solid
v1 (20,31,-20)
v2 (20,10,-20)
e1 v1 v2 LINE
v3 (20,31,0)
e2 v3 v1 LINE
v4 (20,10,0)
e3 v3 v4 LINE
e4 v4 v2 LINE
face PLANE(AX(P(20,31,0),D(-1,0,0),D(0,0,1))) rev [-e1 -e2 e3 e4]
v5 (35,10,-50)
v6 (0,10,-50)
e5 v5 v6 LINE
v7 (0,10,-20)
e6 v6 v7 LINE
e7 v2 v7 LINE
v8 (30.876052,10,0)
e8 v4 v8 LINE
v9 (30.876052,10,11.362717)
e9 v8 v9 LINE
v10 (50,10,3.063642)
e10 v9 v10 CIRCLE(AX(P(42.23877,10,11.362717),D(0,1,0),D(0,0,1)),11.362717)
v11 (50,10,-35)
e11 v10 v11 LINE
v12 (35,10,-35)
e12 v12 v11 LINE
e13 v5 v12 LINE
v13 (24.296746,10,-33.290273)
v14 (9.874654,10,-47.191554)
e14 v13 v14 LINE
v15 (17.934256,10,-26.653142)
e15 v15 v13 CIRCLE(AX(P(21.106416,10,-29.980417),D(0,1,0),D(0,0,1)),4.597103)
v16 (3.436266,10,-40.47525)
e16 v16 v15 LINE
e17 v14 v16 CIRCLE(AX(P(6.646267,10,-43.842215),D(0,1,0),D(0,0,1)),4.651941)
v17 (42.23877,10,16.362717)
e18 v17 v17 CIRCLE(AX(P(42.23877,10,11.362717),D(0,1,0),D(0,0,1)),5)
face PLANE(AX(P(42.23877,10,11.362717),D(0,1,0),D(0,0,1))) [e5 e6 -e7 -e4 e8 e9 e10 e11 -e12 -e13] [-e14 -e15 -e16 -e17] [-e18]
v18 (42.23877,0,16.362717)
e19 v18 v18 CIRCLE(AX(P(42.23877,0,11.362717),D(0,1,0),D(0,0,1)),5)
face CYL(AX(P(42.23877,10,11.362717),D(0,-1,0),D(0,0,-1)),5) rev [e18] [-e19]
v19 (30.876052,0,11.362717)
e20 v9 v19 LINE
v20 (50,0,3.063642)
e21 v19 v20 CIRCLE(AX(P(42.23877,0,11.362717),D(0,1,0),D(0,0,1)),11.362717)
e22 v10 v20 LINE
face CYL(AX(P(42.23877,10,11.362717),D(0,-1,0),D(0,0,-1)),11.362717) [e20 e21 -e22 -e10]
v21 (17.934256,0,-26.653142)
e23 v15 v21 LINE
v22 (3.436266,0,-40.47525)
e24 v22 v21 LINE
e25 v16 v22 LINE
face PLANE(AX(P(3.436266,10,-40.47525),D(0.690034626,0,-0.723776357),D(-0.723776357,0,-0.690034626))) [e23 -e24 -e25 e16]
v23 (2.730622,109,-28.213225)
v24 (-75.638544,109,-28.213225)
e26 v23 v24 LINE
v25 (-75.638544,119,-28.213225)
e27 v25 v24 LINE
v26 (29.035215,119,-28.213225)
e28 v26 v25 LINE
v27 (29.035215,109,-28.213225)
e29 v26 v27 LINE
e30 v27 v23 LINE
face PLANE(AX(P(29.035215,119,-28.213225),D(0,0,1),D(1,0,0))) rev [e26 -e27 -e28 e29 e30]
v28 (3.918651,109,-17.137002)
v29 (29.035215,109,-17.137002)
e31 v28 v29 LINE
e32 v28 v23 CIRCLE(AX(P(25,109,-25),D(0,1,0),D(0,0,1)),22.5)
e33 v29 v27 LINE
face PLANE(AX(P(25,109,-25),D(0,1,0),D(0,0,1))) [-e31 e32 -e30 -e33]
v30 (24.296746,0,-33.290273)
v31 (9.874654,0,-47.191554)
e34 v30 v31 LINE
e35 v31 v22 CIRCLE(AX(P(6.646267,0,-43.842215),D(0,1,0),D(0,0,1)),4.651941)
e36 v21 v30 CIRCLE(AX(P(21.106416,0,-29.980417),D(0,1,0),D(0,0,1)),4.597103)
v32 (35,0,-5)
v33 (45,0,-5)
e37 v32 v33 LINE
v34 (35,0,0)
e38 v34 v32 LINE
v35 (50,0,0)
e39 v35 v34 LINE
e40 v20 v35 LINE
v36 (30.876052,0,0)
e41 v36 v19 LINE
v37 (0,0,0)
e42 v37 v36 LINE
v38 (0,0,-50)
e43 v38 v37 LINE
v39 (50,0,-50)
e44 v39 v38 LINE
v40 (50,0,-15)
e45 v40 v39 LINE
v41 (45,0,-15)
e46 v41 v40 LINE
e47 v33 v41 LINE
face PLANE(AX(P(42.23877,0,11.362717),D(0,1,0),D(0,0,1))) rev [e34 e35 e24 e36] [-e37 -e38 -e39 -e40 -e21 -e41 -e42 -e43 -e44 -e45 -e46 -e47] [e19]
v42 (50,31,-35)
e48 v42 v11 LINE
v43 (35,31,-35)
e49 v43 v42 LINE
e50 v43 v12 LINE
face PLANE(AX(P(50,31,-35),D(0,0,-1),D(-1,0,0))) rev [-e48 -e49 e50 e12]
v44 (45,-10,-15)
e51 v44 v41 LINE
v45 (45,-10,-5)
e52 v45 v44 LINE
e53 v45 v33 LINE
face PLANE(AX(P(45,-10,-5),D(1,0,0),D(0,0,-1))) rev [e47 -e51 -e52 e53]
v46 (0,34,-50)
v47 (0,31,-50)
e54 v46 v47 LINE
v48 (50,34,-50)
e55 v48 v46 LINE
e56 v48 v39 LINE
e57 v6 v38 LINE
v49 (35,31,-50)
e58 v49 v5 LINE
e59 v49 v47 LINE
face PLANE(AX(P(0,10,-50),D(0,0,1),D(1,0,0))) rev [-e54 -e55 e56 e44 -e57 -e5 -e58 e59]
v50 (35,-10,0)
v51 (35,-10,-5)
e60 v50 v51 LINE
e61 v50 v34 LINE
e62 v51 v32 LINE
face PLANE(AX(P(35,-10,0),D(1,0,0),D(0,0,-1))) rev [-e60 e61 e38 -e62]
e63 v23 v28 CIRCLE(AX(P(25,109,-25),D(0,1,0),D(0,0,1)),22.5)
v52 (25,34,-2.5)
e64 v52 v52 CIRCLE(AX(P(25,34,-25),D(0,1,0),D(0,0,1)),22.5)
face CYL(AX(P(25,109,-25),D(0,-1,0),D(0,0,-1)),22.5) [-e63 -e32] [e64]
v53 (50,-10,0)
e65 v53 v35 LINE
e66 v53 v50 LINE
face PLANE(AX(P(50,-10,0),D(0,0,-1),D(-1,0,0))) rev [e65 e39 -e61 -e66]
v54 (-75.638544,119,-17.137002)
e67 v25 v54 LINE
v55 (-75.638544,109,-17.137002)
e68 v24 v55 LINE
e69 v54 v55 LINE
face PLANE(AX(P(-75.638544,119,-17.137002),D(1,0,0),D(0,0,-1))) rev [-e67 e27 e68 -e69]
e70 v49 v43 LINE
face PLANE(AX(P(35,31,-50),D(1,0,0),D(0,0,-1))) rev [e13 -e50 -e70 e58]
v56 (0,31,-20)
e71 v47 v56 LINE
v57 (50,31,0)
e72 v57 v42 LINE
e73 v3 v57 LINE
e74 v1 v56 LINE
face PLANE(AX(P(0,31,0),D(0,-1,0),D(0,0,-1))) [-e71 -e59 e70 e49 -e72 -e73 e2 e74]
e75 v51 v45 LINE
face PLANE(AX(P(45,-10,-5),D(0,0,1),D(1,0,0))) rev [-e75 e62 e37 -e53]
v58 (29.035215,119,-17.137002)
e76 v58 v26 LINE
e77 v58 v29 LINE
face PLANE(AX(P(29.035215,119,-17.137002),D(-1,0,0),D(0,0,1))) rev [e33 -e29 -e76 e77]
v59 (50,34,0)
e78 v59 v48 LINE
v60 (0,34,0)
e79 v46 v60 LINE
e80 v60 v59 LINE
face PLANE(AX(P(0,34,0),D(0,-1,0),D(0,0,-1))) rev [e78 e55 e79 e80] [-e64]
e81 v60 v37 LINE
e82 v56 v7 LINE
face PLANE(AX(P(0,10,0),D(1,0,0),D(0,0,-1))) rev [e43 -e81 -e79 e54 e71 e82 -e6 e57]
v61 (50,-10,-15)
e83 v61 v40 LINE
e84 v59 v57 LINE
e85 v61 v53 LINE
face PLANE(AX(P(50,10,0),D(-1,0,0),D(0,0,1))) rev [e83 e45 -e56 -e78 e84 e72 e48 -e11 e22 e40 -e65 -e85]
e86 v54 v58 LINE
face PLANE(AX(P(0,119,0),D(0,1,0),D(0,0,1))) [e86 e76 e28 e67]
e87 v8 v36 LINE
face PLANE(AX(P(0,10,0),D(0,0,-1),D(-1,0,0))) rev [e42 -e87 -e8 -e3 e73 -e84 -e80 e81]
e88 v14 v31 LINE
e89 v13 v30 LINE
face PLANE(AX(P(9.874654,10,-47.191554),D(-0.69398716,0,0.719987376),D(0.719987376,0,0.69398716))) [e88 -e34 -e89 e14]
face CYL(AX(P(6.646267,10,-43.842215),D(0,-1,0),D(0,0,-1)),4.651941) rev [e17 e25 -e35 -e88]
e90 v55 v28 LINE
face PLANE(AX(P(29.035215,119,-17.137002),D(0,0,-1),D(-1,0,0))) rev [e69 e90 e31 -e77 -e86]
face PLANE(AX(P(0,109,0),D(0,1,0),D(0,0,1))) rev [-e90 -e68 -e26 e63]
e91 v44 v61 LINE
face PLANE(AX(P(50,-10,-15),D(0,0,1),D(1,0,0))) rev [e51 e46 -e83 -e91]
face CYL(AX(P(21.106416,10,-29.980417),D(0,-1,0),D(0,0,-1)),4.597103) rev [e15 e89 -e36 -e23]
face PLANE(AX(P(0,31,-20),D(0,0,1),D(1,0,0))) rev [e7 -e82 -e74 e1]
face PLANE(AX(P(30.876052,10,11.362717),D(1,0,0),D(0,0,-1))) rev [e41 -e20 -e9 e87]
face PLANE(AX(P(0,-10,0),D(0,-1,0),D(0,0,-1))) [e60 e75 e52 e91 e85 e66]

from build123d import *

# Parameters (mm, degrees)
SKETCH1_R           = 5
BOSS_EXTRUDE1_DEPTH = 10
BOSS_EXTRUDE2_DEPTH = 10
SKETCH3_W           = 20
SKETCH3_H           = 20
SKETCH3_W_2         = 15
SKETCH3_H_2         = 15
BOSS_EXTRUDE3_DEPTH = 21
SKETCH4_W           = 50
SKETCH4_H           = 50
BOSS_EXTRUDE4_DEPTH = 3
SKETCH5_R           = 22.5
BOSS_EXTRUDE5_DEPTH = 75
SKETCH6_W           = 104.673759345
SKETCH6_H           = 11.076222709
BOSS_EXTRUDE6_DEPTH = 10


with BuildPart() as part:
    # Sketch1 → Boss-Extrude1 (new body)
    with BuildSketch(Plane(origin=(0, 0, 0), x_dir=(1, 0, 0), z_dir=(0, 1, 0))):
        with BuildLine():
            Line((0, 0), (30.876052193, 0))
            Line((30.876052193, 0), (30.876052193, -11.362717468))
            ThreePointArc((30.876052193, -11.362717468), (46.762190972, -21.786248919), (50, -3.063642105))
            Line((50, -3.063642105), (50, 0))
            Line((50, 0), (50, 50))
            Line((50, 50), (0, 50))
            Line((0, 50), (0, 0))
        make_face()
        with Locations(Location((42.238769661, -11.362717468, 0), (0, 0, 270))):
            Circle(SKETCH1_R, mode=Mode.SUBTRACT)
        with BuildLine():
            Line((9.874654059, 47.191553979), (24.296746366, 33.290272916))
            ThreePointArc((24.296746366, 33.290272916), (24.424993645, 26.799159409), (17.934255558, 26.653142217))
            Line((17.934255558, 26.653142217), (3.436266044, 40.475249935))
            ThreePointArc((3.436266044, 40.475249935), (3.288101967, 47.061421086), (9.874654059, 47.191553979))
        make_face(mode=Mode.SUBTRACT)
    extrude(amount=BOSS_EXTRUDE1_DEPTH)

    # Sketch2 → Boss-Extrude2 (add)
    with BuildSketch(Plane.XZ):
        Polygon((45, -5), (35, -5), (35, 0), (50, 0), (50, -15), (45, -15), align=None)
    extrude(amount=BOSS_EXTRUDE2_DEPTH)

    # Sketch3 → Boss-Extrude3 (add)
    with BuildSketch(Plane(origin=(0, 10, 0), x_dir=(1, 0, 0), z_dir=(0, 1, 0))):
        with Locations((10, 10)):
            Rectangle(SKETCH3_W, SKETCH3_H)
        with Locations((42.5, 42.5)):
            Rectangle(SKETCH3_W_2, SKETCH3_H_2)
    extrude(amount=BOSS_EXTRUDE3_DEPTH)

    # Sketch4 → Boss-Extrude4 (add)
    with BuildSketch(Plane(origin=(0, 31, 0), x_dir=(1, 0, 0), z_dir=(0, 1, 0))):
        with Locations((25, 25)):
            Rectangle(SKETCH4_W, SKETCH4_H)
    extrude(amount=BOSS_EXTRUDE4_DEPTH)

    # Sketch5 → Boss-Extrude5 (add)
    with BuildSketch(Plane(origin=(0, 34, 0), x_dir=(1, 0, 0), z_dir=(0, 1, 0))):
        with Locations(Location((25, 25, 0), (0, 0, 270))):
            Circle(SKETCH5_R)
    extrude(amount=BOSS_EXTRUDE5_DEPTH)

    # Sketch6 → Boss-Extrude6 (add)
    with BuildSketch(Plane(origin=(0, 109, 0), x_dir=(1, 0, 0), z_dir=(0, 1, 0))):
        with Locations((-23.301664344, 22.675113634)):
            Rectangle(SKETCH6_W, SKETCH6_H)
    extrude(amount=BOSS_EXTRUDE6_DEPTH)


solid = part.part
